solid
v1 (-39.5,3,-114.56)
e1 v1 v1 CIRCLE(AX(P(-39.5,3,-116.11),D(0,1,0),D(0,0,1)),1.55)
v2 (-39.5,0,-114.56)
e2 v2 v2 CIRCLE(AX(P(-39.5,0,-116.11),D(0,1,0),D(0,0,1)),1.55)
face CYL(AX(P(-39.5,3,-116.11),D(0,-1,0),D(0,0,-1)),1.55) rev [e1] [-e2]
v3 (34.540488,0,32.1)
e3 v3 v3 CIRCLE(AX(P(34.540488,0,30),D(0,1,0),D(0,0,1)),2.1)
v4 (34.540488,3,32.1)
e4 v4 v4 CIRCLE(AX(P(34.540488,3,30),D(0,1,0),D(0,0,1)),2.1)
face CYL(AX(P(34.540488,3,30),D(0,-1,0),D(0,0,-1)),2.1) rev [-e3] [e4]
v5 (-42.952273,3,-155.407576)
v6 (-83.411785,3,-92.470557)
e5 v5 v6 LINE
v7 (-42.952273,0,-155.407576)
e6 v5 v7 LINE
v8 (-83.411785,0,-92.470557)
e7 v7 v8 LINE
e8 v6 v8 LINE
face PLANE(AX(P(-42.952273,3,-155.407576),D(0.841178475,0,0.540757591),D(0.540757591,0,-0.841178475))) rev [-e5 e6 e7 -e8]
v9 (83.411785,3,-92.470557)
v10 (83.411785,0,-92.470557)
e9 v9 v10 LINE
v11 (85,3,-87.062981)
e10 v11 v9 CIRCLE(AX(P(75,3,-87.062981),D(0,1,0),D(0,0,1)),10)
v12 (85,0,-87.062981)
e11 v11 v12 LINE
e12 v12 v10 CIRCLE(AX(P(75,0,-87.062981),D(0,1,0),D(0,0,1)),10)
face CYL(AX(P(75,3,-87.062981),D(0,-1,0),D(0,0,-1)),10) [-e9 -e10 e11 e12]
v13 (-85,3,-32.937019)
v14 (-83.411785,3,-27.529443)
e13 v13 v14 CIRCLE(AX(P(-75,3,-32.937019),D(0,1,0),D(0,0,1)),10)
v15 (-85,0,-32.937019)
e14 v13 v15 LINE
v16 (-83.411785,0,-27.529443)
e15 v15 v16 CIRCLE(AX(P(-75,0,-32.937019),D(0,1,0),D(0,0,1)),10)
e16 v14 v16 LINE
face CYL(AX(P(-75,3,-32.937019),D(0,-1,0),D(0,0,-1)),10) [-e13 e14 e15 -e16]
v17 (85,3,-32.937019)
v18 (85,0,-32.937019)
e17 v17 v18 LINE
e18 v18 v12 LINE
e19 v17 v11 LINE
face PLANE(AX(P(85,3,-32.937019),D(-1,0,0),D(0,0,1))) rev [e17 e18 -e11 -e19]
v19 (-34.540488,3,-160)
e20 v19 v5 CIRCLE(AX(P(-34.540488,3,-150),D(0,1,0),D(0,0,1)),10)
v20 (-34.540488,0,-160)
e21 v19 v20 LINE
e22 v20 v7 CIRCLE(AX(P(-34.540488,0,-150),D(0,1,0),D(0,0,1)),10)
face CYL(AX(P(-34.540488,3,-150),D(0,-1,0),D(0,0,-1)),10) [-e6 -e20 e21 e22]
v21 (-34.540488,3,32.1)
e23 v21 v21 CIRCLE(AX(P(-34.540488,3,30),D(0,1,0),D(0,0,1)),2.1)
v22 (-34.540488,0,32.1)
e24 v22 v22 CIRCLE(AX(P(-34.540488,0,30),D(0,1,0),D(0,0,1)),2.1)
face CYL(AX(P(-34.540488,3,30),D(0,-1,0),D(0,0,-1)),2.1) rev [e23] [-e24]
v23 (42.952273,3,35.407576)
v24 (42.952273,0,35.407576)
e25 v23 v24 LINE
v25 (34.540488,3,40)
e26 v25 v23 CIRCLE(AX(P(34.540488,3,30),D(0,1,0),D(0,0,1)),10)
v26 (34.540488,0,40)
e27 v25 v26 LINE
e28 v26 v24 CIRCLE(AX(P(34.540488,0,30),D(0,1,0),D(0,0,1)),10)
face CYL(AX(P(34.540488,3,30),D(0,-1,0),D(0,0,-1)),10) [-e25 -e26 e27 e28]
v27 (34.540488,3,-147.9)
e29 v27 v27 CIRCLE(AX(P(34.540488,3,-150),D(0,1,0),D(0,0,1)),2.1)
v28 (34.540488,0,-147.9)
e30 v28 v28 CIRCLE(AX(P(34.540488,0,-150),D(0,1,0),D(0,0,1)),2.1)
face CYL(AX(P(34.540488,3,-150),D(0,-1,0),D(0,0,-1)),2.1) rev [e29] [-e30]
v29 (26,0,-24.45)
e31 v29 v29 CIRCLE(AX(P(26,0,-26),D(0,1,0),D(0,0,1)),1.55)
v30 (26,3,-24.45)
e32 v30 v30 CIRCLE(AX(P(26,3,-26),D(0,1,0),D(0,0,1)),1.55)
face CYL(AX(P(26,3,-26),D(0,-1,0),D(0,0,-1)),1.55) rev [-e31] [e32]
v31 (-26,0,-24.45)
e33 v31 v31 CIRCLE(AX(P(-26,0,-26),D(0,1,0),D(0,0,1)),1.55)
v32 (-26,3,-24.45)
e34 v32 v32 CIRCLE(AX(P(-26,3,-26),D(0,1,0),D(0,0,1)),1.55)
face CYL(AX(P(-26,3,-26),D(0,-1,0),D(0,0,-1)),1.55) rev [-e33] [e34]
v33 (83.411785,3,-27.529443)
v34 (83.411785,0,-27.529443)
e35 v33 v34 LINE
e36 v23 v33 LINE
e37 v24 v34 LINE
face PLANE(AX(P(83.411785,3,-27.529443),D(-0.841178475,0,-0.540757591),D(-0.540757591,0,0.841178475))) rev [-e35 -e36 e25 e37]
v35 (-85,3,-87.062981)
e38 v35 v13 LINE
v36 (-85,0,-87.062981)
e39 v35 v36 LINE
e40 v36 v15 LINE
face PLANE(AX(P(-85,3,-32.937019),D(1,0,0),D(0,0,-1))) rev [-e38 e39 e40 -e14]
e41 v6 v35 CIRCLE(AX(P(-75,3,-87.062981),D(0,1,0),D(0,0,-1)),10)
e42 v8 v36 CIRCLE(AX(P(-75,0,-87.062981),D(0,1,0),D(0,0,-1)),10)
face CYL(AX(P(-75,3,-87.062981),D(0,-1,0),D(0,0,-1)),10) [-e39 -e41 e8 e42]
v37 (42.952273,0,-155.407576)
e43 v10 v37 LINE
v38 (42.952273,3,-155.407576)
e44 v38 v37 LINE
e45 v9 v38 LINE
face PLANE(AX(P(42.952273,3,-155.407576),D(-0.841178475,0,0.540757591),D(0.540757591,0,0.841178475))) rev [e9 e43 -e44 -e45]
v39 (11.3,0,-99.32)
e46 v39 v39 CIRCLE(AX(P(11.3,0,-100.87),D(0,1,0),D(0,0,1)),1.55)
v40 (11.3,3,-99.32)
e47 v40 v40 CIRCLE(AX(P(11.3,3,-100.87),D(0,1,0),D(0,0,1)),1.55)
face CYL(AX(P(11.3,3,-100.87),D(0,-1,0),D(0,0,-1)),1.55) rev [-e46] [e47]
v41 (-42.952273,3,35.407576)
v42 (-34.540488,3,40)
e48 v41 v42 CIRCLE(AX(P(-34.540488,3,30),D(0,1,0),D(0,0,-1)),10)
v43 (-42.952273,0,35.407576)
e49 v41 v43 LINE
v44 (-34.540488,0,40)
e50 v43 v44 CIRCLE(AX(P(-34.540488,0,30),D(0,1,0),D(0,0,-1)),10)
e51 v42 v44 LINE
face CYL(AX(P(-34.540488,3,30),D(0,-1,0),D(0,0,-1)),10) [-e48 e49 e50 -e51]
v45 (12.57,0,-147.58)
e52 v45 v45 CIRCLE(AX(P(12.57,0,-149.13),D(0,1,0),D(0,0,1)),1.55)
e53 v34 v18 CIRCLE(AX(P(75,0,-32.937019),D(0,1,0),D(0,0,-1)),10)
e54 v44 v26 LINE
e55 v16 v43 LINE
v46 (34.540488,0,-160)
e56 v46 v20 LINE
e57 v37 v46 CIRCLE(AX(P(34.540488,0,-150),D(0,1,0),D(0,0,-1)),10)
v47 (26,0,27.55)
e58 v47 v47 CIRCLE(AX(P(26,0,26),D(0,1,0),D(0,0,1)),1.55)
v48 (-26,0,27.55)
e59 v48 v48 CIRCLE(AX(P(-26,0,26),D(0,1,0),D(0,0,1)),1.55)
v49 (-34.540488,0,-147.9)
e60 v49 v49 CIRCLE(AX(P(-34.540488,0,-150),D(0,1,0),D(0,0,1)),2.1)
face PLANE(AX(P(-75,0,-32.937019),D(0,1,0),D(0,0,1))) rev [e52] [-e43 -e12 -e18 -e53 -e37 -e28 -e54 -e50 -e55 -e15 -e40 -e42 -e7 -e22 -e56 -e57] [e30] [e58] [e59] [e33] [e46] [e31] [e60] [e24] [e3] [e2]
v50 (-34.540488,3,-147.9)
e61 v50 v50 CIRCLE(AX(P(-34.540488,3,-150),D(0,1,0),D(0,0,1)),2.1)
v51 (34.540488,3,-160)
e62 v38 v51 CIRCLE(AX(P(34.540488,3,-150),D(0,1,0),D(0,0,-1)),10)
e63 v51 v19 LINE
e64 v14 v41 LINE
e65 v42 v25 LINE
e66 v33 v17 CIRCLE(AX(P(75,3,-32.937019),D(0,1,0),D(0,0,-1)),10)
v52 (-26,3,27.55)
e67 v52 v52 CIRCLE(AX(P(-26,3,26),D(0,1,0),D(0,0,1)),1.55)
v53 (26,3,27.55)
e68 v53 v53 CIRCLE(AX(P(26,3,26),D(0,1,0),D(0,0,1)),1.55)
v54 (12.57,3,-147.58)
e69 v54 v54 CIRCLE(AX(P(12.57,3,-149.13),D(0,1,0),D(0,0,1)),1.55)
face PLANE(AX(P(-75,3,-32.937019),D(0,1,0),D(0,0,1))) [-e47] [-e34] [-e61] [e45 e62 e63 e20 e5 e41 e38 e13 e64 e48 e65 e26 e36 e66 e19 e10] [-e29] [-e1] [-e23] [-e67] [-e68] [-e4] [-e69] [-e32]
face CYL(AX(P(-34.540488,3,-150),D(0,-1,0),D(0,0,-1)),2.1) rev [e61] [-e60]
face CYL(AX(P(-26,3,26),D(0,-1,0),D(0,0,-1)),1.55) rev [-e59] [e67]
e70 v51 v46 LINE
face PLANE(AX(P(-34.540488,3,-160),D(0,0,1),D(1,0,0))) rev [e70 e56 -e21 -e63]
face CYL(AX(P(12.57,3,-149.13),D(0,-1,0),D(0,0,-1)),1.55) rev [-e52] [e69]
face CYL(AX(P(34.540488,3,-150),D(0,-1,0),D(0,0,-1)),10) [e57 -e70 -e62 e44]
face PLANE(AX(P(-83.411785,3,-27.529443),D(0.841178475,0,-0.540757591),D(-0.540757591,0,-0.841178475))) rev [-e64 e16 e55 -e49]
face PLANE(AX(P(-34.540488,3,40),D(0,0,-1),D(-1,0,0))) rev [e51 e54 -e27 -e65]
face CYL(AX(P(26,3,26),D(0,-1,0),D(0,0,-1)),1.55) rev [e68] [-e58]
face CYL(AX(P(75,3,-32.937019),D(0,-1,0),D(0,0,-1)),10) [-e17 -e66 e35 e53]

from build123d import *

# Parameters (mm, degrees)
SKETCH_1_R      = 1.55
SKETCH_1_R_2    = 2.1
EXTRUDE_1_DEPTH = 3


with BuildPart() as part:
    # 草图1 → 凸台-拉伸1 (new body)
    with BuildSketch(Plane(origin=(0, 0, 0), x_dir=(1, 0, 0), z_dir=(0, 1, 0))):
        with BuildLine():
            Line((-85, 32.937018863), (-85, 87.062981137))
            ThreePointArc((-85, 87.062981137), (-84.594734169, 89.880972661), (-83.411784754, 92.47055705))
            Line((-83.411784754, 92.47055705), (-42.952272627, 155.407575913))
            ThreePointArc((-42.952272627, 155.407575913), (-39.332368552, 158.777122511), (-34.540487874, 160))
            Line((-34.540487874, 160), (34.540487874, 160))
            ThreePointArc((34.540487874, 160), (39.332368552, 158.777122511), (42.952272627, 155.407575913))
            Line((42.952272627, 155.407575913), (83.411784754, 92.47055705))
            ThreePointArc((83.411784754, 92.47055705), (84.594734169, 89.880972661), (85, 87.062981137))
            Line((85, 87.062981137), (85, 32.937018863))
            ThreePointArc((85, 32.937018863), (84.594734169, 30.119027339), (83.411784754, 27.52944295))
            Line((83.411784754, 27.52944295), (42.952272627, -35.407575913))
            ThreePointArc((42.952272627, -35.407575913), (39.332368552, -38.777122511), (34.540487874, -40))
            Line((34.540487874, -40), (-34.540487874, -40))
            ThreePointArc((-34.540487874, -40), (-39.332368552, -38.777122511), (-42.952272627, -35.407575913))
            Line((-42.952272627, -35.407575913), (-83.411784754, 27.52944295))
            ThreePointArc((-83.411784754, 27.52944295), (-84.594734169, 30.119027339), (-85, 32.937018863))
        make_face()
        with Locations(Location((-26, 26, 0), (0, 0, 270))):
            Circle(SKETCH_1_R, mode=Mode.SUBTRACT)
        with Locations(Location((26, 26, 0), (0, 0, 270))):
            Circle(SKETCH_1_R, mode=Mode.SUBTRACT)
        with Locations(Location((26, -26, 0), (0, 0, 270))):
            Circle(SKETCH_1_R, mode=Mode.SUBTRACT)
        with Locations(Location((-26, -26, 0), (0, 0, 270))):
            Circle(SKETCH_1_R, mode=Mode.SUBTRACT)
        with Locations(Location((-39.5, 116.11, 0), (0, 0, 270))):
            Circle(SKETCH_1_R, mode=Mode.SUBTRACT)
        with Locations(Location((11.3, 100.87, 0), (0, 0, 270))):
            Circle(SKETCH_1_R, mode=Mode.SUBTRACT)
        with Locations(Location((12.57, 149.13, 0), (0, 0, 270))):
            Circle(SKETCH_1_R, mode=Mode.SUBTRACT)
        with Locations(Location((-34.540487874, -30, 0), (0, 0, 270))):
            Circle(SKETCH_1_R_2, mode=Mode.SUBTRACT)
        with Locations(Location((34.540487874, -30, 0), (0, 0, 270))):
            Circle(SKETCH_1_R_2, mode=Mode.SUBTRACT)
        with Locations(Location((34.540487874, 150, 0), (0, 0, 270))):
            Circle(SKETCH_1_R_2, mode=Mode.SUBTRACT)
        with Locations(Location((-34.540487874, 150, 0), (0, 0, 270))):
            Circle(SKETCH_1_R_2, mode=Mode.SUBTRACT)
    extrude(amount=EXTRUDE_1_DEPTH)


solid = part.part
